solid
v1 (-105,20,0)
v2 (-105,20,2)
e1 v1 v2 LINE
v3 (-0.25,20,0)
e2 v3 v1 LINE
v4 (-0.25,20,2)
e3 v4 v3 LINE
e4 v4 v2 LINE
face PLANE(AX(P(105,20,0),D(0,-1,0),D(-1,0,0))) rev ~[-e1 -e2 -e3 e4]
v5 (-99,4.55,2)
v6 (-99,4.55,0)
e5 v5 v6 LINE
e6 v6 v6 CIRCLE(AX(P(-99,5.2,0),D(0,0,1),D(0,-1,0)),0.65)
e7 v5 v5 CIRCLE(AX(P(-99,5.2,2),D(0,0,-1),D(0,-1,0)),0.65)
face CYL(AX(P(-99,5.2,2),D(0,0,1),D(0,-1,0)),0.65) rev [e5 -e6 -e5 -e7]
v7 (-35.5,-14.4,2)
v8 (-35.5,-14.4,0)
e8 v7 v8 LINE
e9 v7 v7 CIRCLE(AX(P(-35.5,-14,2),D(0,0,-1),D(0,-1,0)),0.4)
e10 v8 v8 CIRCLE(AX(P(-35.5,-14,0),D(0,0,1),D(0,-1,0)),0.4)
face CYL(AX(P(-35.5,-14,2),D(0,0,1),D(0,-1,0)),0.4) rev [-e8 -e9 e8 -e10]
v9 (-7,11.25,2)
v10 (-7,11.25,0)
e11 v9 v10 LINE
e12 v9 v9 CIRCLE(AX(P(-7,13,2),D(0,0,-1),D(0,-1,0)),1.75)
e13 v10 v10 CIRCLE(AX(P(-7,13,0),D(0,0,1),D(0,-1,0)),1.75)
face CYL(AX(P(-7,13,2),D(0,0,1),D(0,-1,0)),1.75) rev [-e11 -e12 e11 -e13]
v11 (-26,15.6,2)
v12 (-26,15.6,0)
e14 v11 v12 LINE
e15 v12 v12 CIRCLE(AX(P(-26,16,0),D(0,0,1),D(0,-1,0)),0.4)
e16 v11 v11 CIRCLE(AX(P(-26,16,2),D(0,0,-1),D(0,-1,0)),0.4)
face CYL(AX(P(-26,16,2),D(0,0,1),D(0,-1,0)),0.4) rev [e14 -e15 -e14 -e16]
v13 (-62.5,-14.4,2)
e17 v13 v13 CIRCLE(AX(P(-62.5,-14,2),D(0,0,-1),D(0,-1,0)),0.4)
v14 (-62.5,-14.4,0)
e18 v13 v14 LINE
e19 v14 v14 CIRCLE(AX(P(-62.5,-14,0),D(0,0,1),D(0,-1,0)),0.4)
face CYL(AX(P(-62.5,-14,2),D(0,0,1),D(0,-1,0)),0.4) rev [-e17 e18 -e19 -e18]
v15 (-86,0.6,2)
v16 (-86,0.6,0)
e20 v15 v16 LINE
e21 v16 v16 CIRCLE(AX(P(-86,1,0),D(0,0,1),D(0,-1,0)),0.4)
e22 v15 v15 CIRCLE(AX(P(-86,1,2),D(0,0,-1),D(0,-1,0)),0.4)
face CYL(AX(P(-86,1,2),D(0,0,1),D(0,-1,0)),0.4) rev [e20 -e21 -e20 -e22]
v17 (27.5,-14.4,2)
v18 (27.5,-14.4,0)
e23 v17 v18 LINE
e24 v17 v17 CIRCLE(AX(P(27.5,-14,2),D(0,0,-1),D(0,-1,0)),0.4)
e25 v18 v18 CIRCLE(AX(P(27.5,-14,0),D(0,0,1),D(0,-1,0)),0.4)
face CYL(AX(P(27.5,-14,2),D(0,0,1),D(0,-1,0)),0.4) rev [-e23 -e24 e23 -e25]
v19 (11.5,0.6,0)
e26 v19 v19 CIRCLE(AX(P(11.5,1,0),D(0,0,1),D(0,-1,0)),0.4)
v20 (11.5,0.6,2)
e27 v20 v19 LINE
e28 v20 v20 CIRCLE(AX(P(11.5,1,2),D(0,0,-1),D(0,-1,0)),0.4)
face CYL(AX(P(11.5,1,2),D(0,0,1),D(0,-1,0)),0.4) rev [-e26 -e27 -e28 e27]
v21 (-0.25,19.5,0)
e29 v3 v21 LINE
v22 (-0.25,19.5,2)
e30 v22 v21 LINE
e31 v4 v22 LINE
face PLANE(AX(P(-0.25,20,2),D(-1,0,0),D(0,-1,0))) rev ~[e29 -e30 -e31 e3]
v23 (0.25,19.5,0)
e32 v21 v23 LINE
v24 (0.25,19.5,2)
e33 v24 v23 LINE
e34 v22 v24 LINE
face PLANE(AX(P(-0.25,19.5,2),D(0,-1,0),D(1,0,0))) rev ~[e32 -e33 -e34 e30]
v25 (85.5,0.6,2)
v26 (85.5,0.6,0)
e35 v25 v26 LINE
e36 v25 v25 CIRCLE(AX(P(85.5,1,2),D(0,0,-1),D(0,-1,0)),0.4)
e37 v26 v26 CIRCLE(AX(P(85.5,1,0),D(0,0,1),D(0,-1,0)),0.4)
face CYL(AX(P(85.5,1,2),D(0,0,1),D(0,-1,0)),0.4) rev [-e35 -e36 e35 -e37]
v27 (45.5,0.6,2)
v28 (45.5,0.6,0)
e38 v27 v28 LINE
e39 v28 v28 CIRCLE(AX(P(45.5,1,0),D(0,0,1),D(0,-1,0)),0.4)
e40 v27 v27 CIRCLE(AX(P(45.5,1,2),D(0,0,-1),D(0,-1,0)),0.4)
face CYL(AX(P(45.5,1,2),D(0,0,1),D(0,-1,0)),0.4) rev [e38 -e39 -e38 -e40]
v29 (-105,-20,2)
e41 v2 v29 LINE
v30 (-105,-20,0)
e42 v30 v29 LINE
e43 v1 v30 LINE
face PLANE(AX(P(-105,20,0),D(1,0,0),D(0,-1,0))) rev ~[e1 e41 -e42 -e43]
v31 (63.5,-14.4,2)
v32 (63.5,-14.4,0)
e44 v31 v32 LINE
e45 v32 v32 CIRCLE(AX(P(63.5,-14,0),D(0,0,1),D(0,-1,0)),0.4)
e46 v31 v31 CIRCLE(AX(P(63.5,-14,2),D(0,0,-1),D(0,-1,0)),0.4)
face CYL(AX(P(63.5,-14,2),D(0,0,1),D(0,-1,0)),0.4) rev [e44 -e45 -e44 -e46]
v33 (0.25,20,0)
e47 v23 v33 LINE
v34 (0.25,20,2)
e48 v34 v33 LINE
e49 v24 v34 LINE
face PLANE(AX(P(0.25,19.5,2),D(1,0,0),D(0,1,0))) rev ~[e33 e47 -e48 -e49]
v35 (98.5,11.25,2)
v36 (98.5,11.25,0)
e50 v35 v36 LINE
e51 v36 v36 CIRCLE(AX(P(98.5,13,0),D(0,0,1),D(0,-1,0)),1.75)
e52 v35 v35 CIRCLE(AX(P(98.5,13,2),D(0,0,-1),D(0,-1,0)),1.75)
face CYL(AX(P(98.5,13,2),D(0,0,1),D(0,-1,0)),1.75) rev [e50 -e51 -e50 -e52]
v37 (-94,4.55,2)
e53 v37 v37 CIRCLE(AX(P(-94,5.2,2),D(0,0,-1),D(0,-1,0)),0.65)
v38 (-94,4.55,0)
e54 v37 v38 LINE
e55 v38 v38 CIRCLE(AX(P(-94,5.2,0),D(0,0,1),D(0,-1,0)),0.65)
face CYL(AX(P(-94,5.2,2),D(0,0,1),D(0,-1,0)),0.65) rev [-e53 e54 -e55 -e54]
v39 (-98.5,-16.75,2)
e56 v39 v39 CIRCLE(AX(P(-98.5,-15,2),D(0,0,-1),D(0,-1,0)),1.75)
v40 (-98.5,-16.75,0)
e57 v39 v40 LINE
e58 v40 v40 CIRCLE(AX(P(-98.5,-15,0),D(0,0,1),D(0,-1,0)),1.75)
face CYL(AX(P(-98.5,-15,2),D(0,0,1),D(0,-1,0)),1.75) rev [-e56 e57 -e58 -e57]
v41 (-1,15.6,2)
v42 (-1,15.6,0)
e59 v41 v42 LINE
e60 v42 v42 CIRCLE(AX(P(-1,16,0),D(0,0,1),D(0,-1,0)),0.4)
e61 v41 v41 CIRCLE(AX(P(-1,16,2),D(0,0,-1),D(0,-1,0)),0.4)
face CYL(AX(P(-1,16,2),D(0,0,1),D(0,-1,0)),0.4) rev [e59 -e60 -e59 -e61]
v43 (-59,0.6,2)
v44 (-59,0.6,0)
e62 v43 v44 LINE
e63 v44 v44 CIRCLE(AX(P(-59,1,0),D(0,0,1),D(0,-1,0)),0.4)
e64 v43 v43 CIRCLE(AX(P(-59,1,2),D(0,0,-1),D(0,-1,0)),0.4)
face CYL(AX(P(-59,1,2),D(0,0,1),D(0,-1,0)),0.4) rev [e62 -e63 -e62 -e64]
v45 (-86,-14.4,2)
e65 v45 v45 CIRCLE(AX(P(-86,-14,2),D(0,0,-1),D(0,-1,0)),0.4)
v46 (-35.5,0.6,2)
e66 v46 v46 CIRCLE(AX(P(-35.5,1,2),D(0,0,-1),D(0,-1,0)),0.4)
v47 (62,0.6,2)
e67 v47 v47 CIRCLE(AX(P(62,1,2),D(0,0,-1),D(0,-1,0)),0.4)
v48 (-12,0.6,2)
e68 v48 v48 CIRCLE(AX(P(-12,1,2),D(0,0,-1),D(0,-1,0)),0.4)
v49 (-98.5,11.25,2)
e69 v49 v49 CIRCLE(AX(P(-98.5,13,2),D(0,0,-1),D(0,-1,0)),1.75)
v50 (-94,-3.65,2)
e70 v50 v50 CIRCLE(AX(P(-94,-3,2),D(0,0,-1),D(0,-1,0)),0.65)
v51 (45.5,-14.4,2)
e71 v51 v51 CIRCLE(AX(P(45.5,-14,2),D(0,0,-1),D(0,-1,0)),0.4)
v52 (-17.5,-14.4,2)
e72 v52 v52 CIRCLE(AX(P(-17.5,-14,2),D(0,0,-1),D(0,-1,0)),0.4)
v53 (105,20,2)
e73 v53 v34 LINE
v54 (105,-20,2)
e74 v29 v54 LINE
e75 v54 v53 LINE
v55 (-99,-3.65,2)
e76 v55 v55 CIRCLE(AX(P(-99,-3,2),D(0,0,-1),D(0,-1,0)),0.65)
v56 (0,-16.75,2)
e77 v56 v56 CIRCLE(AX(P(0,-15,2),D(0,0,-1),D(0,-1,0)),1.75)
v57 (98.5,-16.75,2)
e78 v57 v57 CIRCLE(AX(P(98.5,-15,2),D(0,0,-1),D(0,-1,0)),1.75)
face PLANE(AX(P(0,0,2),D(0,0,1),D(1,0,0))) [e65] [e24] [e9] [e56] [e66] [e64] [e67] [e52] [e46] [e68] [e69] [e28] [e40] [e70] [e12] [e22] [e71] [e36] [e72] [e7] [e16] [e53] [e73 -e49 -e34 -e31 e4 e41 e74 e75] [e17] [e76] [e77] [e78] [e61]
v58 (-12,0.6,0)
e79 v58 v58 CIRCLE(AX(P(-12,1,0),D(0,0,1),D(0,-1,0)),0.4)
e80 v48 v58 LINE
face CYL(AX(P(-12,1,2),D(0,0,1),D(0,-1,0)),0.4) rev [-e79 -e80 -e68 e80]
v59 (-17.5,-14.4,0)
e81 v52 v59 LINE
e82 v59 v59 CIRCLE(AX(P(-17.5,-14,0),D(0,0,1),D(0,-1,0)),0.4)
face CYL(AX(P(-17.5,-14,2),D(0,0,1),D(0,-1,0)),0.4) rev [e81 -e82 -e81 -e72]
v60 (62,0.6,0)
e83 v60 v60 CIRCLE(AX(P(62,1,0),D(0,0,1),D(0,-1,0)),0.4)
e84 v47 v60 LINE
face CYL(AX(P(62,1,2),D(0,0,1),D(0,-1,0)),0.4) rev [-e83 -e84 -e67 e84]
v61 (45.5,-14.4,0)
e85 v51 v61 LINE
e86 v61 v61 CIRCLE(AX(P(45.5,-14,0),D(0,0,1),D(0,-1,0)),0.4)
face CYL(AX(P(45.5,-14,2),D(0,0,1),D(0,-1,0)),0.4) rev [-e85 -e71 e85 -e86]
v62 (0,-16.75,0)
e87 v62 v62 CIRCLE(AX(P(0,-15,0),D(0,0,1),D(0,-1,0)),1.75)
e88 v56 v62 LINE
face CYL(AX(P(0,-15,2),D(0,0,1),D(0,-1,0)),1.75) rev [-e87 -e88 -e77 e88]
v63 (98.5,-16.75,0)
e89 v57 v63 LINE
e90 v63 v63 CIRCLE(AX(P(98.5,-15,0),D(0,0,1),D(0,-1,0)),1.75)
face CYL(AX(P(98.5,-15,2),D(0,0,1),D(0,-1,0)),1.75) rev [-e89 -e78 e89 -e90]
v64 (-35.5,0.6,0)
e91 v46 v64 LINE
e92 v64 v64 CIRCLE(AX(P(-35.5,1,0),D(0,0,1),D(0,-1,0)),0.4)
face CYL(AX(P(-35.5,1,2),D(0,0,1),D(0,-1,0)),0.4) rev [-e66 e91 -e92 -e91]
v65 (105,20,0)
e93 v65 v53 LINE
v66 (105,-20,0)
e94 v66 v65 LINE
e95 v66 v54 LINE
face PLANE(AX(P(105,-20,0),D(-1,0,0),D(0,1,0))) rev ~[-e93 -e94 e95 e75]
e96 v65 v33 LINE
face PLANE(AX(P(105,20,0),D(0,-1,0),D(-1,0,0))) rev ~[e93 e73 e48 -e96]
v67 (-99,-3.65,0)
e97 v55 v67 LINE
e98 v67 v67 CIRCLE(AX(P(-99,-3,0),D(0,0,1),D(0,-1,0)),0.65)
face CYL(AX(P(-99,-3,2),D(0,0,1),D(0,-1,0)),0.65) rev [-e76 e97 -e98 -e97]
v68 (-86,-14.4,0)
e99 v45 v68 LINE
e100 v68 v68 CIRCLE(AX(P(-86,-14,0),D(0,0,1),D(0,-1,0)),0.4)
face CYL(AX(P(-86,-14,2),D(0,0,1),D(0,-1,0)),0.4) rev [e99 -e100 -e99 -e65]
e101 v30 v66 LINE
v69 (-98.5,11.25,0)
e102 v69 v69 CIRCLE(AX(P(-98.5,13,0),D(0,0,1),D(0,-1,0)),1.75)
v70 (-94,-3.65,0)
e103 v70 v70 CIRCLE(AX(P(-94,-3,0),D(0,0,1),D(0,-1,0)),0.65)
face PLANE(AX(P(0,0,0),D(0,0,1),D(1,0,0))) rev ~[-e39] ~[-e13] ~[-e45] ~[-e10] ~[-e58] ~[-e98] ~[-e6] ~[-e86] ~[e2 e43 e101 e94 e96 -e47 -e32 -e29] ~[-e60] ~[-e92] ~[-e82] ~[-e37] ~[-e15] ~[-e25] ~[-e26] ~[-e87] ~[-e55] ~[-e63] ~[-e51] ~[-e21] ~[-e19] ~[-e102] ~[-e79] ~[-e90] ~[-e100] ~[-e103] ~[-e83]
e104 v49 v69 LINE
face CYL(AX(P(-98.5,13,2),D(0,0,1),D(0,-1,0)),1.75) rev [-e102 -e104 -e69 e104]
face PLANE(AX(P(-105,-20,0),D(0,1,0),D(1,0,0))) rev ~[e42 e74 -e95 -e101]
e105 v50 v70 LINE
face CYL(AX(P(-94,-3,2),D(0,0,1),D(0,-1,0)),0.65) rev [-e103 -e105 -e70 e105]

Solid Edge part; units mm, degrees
sketch "Sketch1" plane through (0, 0, 0) normal (0, 0, 1) x (1, 0, 0)
  line L0 (-105, -20) -> (105, -20)
  line L1 (105, -20) -> (105, 20)
  line L2 (105, 20) -> (-105, 20)
  line L3 (-105, 20) -> (-105, -20)
  dimension "D1" = 210
  dimension "D2" = 40
extrude "Protrusion1" add sketch "Sketch1" along normal blind 2
hole "Bohrung_1" at (-94, -3, 2) direction (0, 0, -1) diameter 1.3 end through all
hole "Hole1" at (-94, 5.2, 2) direction (0, 0, -1) diameter 1.3 end through all
hole "Hole2" at (-99, 5.2, 2) direction (0, 0, -1) diameter 1.3 end through all
hole "Hole3" at (-99, -3, 2) direction (0, 0, -1) diameter 1.3 end through all
hole "Bohrung_48" at (-98.5, 13, 2) direction (0, 0, -1) diameter 3.5 end through all
hole "Hole4" at (98.5, 13, 2) direction (0, 0, -1) diameter 3.5 end through all
hole "Hole5" at (98.5, -15, 2) direction (0, 0, -1) diameter 3.5 end through all
hole "Hole6" at (-98.5, -15, 2) direction (0, 0, -1) diameter 3.5 end through all
hole "Hole7" at (-7, 13, 2) direction (0, 0, -1) diameter 3.5 end through all
hole "Hole8" at (0, -15, 2) direction (0, 0, -1) diameter 3.5 end through all
hole "Hole9" at (-86, -14, 2) direction (0, 0, -1) diameter 0.8 end through all
hole "Hole10" at (-86, 1, 2) direction (0, 0, -1) diameter 0.8 end through all
hole "Hole11" at (-62.5, -14, 2) direction (0, 0, -1) diameter 0.8 end through all
hole "Hole12" at (-59, 1, 2) direction (0, 0, -1) diameter 0.8 end through all
hole "Hole13" at (-35.5, 1, 2) direction (0, 0, -1) diameter 0.8 end through all
hole "Hole14" at (-12, 1, 2) direction (0, 0, -1) diameter 0.8 end through all
hole "Hole15" at (11.5, 1, 2) direction (0, 0, -1) diameter 0.8 end through all
hole "Hole16" at (-35.5, -14, 2) direction (0, 0, -1) diameter 0.8 end through all
hole "Hole17" at (-17.5, -14, 2) direction (0, 0, -1) diameter 0.8 end through all
hole "Hole18" at (45.5, -14, 2) direction (0, 0, -1) diameter 0.8 end through all
hole "Hole19" at (45.5, 1, 2) direction (0, 0, -1) diameter 0.8 end through all
hole "Hole20" at (62, 1, 2) direction (0, 0, -1) diameter 0.8 end through all
hole "Hole21" at (85.5, 1, 2) direction (0, 0, -1) diameter 0.8 end through all
hole "Hole22" at (63.5, -14, 2) direction (0, 0, -1) diameter 0.8 end through all
hole "Hole23" at (27.5, -14, 2) direction (0, 0, -1) diameter 0.8 end through all
hole "Bohrung_54" at (-1, 16, 2) direction (0, 0, -1) diameter 0.8 end through all
hole "Hole24" at (-26, 16, 2) direction (0, 0, -1) diameter 0.8 end through all
sketch "Sketch2" plane through (0, 0, 2) normal (0, 0, 1) x (-1, 0, 0)
  line L0 (-0.25, -20) -> (0.25, -20)
  line L1 (0.25, -20) -> (0.25, -19.5)
  line L2 (0.25, -19.5) -> (-0.25, -19.5)
  line L3 (-0.25, -19.5) -> (-0.25, -20)
  dimension "D1" = 0.5
  dimension "D2" = 0.5
extrude "Ausschnitt_1" cut sketch "Sketch2" against normal blind 15.875
